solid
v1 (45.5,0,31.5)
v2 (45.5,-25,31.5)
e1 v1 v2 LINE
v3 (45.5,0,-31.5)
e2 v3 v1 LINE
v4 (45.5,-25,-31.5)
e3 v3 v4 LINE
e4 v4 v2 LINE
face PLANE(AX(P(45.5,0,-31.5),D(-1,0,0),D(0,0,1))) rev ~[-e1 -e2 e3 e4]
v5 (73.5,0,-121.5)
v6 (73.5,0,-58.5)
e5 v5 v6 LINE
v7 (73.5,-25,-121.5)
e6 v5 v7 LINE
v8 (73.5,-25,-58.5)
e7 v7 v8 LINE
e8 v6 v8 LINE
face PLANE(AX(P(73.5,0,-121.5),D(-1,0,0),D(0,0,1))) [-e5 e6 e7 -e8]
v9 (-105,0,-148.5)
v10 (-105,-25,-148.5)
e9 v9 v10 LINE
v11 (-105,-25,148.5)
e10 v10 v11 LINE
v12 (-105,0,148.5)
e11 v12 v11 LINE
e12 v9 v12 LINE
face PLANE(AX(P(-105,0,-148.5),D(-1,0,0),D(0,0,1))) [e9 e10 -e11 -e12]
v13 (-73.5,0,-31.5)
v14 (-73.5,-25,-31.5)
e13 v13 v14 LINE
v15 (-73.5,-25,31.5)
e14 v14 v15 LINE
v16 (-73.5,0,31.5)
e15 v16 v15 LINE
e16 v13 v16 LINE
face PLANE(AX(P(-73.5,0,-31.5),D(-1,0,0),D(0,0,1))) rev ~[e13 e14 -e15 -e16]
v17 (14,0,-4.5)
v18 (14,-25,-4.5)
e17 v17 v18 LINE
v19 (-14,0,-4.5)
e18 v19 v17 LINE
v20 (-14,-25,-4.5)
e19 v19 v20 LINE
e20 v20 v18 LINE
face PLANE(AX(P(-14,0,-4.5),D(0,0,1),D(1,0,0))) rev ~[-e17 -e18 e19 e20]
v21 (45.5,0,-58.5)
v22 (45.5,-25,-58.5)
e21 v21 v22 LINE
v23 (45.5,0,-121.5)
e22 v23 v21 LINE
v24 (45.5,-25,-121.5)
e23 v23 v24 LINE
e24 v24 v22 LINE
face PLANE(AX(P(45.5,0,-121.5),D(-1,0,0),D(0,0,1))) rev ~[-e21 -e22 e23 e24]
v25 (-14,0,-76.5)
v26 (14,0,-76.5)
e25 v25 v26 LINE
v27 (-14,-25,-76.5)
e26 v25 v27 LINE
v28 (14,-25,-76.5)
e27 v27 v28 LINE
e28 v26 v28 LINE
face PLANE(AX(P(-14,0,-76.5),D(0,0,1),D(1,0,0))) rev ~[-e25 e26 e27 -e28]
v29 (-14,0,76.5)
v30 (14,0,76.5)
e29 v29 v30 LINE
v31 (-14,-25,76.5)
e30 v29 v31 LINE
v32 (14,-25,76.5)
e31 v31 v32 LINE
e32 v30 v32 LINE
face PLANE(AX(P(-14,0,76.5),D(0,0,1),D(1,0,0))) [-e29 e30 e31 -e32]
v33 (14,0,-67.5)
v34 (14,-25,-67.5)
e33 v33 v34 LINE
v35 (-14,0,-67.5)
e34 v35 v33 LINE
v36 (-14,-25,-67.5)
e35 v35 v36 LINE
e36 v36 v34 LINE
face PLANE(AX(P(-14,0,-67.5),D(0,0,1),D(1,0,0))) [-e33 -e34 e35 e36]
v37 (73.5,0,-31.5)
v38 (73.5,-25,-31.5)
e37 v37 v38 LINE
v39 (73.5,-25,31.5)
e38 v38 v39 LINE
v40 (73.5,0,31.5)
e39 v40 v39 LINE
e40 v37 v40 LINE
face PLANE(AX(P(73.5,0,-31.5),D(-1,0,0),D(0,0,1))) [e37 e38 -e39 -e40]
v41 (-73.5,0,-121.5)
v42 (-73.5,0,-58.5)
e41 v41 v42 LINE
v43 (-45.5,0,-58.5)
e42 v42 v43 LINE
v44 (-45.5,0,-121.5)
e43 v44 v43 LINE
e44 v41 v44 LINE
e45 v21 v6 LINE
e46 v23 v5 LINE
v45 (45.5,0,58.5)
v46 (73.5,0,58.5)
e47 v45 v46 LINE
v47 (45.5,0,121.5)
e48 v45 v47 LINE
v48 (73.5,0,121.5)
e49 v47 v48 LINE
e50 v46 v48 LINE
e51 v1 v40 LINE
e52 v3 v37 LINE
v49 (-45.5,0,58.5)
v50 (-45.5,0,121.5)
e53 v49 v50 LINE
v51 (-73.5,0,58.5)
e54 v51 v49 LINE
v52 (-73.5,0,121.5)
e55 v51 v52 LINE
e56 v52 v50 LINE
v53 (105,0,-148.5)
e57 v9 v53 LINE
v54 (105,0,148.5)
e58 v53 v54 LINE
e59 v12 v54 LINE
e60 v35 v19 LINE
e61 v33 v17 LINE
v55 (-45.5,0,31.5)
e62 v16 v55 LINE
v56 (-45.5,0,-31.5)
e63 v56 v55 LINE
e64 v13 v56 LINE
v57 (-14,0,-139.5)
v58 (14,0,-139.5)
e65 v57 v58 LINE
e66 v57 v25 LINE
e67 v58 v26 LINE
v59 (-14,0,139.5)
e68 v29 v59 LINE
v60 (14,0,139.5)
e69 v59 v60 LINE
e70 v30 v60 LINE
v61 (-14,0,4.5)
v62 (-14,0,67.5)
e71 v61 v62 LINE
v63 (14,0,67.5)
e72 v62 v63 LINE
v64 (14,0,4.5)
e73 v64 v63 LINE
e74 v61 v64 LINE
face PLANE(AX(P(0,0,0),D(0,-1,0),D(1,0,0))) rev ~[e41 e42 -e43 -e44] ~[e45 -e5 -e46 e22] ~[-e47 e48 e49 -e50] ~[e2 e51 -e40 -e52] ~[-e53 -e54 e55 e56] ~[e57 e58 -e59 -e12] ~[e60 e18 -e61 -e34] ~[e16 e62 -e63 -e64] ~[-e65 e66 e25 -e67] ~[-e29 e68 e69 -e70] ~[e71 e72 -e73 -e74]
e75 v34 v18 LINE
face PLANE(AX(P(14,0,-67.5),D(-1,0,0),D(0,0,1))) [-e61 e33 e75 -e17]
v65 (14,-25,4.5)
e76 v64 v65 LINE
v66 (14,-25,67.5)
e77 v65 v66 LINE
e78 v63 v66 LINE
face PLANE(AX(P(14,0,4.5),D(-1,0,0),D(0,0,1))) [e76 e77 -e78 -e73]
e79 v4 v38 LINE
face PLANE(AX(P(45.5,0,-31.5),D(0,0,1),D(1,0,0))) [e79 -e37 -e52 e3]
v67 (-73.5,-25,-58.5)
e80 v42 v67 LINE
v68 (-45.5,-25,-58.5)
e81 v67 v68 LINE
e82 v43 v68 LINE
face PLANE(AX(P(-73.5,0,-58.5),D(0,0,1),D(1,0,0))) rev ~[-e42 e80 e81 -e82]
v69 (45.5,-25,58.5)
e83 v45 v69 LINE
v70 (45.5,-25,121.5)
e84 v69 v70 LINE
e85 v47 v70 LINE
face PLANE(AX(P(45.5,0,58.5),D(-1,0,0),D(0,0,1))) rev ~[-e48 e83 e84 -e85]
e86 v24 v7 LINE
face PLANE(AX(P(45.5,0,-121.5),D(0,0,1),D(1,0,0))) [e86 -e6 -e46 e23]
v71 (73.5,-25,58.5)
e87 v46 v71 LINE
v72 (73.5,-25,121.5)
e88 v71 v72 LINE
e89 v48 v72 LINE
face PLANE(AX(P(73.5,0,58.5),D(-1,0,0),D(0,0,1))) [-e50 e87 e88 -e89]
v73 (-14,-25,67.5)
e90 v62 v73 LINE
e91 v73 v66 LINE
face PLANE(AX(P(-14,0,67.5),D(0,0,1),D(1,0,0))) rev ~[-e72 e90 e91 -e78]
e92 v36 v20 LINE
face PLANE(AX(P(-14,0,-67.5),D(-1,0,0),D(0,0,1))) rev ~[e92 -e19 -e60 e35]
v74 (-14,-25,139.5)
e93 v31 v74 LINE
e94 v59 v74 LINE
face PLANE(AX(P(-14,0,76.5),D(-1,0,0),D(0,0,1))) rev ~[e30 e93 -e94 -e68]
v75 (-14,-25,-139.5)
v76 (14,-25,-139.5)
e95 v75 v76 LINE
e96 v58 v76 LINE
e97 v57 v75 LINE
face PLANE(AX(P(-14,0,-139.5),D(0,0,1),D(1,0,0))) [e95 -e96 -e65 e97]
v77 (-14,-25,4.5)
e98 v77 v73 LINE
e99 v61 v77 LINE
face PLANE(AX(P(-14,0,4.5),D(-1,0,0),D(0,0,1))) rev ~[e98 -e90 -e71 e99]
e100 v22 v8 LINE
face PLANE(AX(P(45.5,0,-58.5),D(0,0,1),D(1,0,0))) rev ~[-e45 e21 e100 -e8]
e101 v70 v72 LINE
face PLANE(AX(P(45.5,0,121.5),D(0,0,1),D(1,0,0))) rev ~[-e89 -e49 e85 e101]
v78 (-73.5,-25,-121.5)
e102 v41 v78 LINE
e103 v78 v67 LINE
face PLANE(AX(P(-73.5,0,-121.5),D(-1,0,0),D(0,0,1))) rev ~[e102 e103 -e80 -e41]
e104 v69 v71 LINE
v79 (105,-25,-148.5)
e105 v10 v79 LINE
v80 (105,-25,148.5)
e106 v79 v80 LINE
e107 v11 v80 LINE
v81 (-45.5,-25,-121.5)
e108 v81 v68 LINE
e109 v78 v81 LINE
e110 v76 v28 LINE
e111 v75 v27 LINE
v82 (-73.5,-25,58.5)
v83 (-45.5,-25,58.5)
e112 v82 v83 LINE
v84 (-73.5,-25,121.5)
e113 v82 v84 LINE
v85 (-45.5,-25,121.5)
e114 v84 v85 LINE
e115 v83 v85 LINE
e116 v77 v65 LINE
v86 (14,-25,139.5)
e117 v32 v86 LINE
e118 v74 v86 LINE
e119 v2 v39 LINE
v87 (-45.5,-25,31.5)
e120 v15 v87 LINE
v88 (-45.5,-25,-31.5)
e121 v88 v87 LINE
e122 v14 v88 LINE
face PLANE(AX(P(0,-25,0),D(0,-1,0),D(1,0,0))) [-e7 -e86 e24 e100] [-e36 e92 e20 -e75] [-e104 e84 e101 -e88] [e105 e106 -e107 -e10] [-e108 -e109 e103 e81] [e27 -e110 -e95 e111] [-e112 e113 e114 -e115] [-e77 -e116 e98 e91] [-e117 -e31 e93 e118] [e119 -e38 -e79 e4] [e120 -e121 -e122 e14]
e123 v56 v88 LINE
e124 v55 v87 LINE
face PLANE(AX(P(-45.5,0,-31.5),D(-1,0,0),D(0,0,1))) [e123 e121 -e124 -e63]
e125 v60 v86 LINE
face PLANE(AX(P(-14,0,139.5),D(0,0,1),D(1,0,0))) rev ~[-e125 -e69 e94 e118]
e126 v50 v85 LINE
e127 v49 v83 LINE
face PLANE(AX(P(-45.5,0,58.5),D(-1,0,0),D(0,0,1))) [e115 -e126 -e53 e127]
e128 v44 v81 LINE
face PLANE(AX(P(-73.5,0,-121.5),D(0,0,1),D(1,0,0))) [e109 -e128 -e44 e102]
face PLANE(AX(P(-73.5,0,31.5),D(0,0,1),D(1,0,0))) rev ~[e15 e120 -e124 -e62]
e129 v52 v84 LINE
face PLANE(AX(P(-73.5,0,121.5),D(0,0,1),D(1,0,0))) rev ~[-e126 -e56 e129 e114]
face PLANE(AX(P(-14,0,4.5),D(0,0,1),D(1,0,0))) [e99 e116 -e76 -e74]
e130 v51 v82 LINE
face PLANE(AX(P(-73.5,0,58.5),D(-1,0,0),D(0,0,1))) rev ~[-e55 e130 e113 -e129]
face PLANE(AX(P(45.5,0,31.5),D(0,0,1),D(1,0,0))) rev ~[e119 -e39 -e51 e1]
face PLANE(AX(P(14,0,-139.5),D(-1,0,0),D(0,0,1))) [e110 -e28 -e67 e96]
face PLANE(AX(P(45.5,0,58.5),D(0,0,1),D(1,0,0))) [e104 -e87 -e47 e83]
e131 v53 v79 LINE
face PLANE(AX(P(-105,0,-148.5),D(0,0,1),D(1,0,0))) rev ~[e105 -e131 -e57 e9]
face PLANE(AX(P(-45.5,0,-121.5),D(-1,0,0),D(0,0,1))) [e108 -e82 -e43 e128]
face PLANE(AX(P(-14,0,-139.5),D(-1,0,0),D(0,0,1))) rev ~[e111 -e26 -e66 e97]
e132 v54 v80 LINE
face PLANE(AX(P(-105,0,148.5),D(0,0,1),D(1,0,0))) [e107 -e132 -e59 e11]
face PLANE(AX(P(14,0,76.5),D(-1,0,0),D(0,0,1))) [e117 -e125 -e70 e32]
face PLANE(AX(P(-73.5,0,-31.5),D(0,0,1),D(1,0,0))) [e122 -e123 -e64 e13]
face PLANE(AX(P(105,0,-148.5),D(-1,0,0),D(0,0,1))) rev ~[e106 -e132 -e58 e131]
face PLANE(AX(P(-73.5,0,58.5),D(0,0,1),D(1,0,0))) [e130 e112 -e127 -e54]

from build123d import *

# Parameters (mm, degrees)
F0_W     = 210
F0_H     = 297
F0_W_2   = 28
F0_H_2   = 63
F1_DEPTH = 25


with BuildPart() as f1:
    # F0 (on Front) → F1 (new body)
    with BuildSketch(Plane.XZ):
        Rectangle(F0_W, F0_H)
        with Locations((-59.5, -90)):
            Rectangle(F0_W_2, F0_H_2, mode=Mode.SUBTRACT)
        with Locations((0, -108)):
            Rectangle(F0_W_2, F0_H_2, mode=Mode.SUBTRACT)
        with Locations((59.5, -90)):
            Rectangle(F0_W_2, F0_H_2, mode=Mode.SUBTRACT)
        with Locations((0, -36)):
            Rectangle(F0_W_2, F0_H_2, mode=Mode.SUBTRACT)
        with Locations((-59.5, 0)):
            Rectangle(F0_W_2, F0_H_2, mode=Mode.SUBTRACT)
        with Locations((-59.5, 90)):
            Rectangle(F0_W_2, F0_H_2, mode=Mode.SUBTRACT)
        with Locations((0, 36)):
            Rectangle(F0_W_2, F0_H_2, mode=Mode.SUBTRACT)
        with Locations((59.5, 0)):
            Rectangle(F0_W_2, F0_H_2, mode=Mode.SUBTRACT)
        with Locations((0, 108)):
            Rectangle(F0_W_2, F0_H_2, mode=Mode.SUBTRACT)
        with Locations((59.5, 90)):
            Rectangle(F0_W_2, F0_H_2, mode=Mode.SUBTRACT)
    extrude(amount=F1_DEPTH)


solid = f1.part
